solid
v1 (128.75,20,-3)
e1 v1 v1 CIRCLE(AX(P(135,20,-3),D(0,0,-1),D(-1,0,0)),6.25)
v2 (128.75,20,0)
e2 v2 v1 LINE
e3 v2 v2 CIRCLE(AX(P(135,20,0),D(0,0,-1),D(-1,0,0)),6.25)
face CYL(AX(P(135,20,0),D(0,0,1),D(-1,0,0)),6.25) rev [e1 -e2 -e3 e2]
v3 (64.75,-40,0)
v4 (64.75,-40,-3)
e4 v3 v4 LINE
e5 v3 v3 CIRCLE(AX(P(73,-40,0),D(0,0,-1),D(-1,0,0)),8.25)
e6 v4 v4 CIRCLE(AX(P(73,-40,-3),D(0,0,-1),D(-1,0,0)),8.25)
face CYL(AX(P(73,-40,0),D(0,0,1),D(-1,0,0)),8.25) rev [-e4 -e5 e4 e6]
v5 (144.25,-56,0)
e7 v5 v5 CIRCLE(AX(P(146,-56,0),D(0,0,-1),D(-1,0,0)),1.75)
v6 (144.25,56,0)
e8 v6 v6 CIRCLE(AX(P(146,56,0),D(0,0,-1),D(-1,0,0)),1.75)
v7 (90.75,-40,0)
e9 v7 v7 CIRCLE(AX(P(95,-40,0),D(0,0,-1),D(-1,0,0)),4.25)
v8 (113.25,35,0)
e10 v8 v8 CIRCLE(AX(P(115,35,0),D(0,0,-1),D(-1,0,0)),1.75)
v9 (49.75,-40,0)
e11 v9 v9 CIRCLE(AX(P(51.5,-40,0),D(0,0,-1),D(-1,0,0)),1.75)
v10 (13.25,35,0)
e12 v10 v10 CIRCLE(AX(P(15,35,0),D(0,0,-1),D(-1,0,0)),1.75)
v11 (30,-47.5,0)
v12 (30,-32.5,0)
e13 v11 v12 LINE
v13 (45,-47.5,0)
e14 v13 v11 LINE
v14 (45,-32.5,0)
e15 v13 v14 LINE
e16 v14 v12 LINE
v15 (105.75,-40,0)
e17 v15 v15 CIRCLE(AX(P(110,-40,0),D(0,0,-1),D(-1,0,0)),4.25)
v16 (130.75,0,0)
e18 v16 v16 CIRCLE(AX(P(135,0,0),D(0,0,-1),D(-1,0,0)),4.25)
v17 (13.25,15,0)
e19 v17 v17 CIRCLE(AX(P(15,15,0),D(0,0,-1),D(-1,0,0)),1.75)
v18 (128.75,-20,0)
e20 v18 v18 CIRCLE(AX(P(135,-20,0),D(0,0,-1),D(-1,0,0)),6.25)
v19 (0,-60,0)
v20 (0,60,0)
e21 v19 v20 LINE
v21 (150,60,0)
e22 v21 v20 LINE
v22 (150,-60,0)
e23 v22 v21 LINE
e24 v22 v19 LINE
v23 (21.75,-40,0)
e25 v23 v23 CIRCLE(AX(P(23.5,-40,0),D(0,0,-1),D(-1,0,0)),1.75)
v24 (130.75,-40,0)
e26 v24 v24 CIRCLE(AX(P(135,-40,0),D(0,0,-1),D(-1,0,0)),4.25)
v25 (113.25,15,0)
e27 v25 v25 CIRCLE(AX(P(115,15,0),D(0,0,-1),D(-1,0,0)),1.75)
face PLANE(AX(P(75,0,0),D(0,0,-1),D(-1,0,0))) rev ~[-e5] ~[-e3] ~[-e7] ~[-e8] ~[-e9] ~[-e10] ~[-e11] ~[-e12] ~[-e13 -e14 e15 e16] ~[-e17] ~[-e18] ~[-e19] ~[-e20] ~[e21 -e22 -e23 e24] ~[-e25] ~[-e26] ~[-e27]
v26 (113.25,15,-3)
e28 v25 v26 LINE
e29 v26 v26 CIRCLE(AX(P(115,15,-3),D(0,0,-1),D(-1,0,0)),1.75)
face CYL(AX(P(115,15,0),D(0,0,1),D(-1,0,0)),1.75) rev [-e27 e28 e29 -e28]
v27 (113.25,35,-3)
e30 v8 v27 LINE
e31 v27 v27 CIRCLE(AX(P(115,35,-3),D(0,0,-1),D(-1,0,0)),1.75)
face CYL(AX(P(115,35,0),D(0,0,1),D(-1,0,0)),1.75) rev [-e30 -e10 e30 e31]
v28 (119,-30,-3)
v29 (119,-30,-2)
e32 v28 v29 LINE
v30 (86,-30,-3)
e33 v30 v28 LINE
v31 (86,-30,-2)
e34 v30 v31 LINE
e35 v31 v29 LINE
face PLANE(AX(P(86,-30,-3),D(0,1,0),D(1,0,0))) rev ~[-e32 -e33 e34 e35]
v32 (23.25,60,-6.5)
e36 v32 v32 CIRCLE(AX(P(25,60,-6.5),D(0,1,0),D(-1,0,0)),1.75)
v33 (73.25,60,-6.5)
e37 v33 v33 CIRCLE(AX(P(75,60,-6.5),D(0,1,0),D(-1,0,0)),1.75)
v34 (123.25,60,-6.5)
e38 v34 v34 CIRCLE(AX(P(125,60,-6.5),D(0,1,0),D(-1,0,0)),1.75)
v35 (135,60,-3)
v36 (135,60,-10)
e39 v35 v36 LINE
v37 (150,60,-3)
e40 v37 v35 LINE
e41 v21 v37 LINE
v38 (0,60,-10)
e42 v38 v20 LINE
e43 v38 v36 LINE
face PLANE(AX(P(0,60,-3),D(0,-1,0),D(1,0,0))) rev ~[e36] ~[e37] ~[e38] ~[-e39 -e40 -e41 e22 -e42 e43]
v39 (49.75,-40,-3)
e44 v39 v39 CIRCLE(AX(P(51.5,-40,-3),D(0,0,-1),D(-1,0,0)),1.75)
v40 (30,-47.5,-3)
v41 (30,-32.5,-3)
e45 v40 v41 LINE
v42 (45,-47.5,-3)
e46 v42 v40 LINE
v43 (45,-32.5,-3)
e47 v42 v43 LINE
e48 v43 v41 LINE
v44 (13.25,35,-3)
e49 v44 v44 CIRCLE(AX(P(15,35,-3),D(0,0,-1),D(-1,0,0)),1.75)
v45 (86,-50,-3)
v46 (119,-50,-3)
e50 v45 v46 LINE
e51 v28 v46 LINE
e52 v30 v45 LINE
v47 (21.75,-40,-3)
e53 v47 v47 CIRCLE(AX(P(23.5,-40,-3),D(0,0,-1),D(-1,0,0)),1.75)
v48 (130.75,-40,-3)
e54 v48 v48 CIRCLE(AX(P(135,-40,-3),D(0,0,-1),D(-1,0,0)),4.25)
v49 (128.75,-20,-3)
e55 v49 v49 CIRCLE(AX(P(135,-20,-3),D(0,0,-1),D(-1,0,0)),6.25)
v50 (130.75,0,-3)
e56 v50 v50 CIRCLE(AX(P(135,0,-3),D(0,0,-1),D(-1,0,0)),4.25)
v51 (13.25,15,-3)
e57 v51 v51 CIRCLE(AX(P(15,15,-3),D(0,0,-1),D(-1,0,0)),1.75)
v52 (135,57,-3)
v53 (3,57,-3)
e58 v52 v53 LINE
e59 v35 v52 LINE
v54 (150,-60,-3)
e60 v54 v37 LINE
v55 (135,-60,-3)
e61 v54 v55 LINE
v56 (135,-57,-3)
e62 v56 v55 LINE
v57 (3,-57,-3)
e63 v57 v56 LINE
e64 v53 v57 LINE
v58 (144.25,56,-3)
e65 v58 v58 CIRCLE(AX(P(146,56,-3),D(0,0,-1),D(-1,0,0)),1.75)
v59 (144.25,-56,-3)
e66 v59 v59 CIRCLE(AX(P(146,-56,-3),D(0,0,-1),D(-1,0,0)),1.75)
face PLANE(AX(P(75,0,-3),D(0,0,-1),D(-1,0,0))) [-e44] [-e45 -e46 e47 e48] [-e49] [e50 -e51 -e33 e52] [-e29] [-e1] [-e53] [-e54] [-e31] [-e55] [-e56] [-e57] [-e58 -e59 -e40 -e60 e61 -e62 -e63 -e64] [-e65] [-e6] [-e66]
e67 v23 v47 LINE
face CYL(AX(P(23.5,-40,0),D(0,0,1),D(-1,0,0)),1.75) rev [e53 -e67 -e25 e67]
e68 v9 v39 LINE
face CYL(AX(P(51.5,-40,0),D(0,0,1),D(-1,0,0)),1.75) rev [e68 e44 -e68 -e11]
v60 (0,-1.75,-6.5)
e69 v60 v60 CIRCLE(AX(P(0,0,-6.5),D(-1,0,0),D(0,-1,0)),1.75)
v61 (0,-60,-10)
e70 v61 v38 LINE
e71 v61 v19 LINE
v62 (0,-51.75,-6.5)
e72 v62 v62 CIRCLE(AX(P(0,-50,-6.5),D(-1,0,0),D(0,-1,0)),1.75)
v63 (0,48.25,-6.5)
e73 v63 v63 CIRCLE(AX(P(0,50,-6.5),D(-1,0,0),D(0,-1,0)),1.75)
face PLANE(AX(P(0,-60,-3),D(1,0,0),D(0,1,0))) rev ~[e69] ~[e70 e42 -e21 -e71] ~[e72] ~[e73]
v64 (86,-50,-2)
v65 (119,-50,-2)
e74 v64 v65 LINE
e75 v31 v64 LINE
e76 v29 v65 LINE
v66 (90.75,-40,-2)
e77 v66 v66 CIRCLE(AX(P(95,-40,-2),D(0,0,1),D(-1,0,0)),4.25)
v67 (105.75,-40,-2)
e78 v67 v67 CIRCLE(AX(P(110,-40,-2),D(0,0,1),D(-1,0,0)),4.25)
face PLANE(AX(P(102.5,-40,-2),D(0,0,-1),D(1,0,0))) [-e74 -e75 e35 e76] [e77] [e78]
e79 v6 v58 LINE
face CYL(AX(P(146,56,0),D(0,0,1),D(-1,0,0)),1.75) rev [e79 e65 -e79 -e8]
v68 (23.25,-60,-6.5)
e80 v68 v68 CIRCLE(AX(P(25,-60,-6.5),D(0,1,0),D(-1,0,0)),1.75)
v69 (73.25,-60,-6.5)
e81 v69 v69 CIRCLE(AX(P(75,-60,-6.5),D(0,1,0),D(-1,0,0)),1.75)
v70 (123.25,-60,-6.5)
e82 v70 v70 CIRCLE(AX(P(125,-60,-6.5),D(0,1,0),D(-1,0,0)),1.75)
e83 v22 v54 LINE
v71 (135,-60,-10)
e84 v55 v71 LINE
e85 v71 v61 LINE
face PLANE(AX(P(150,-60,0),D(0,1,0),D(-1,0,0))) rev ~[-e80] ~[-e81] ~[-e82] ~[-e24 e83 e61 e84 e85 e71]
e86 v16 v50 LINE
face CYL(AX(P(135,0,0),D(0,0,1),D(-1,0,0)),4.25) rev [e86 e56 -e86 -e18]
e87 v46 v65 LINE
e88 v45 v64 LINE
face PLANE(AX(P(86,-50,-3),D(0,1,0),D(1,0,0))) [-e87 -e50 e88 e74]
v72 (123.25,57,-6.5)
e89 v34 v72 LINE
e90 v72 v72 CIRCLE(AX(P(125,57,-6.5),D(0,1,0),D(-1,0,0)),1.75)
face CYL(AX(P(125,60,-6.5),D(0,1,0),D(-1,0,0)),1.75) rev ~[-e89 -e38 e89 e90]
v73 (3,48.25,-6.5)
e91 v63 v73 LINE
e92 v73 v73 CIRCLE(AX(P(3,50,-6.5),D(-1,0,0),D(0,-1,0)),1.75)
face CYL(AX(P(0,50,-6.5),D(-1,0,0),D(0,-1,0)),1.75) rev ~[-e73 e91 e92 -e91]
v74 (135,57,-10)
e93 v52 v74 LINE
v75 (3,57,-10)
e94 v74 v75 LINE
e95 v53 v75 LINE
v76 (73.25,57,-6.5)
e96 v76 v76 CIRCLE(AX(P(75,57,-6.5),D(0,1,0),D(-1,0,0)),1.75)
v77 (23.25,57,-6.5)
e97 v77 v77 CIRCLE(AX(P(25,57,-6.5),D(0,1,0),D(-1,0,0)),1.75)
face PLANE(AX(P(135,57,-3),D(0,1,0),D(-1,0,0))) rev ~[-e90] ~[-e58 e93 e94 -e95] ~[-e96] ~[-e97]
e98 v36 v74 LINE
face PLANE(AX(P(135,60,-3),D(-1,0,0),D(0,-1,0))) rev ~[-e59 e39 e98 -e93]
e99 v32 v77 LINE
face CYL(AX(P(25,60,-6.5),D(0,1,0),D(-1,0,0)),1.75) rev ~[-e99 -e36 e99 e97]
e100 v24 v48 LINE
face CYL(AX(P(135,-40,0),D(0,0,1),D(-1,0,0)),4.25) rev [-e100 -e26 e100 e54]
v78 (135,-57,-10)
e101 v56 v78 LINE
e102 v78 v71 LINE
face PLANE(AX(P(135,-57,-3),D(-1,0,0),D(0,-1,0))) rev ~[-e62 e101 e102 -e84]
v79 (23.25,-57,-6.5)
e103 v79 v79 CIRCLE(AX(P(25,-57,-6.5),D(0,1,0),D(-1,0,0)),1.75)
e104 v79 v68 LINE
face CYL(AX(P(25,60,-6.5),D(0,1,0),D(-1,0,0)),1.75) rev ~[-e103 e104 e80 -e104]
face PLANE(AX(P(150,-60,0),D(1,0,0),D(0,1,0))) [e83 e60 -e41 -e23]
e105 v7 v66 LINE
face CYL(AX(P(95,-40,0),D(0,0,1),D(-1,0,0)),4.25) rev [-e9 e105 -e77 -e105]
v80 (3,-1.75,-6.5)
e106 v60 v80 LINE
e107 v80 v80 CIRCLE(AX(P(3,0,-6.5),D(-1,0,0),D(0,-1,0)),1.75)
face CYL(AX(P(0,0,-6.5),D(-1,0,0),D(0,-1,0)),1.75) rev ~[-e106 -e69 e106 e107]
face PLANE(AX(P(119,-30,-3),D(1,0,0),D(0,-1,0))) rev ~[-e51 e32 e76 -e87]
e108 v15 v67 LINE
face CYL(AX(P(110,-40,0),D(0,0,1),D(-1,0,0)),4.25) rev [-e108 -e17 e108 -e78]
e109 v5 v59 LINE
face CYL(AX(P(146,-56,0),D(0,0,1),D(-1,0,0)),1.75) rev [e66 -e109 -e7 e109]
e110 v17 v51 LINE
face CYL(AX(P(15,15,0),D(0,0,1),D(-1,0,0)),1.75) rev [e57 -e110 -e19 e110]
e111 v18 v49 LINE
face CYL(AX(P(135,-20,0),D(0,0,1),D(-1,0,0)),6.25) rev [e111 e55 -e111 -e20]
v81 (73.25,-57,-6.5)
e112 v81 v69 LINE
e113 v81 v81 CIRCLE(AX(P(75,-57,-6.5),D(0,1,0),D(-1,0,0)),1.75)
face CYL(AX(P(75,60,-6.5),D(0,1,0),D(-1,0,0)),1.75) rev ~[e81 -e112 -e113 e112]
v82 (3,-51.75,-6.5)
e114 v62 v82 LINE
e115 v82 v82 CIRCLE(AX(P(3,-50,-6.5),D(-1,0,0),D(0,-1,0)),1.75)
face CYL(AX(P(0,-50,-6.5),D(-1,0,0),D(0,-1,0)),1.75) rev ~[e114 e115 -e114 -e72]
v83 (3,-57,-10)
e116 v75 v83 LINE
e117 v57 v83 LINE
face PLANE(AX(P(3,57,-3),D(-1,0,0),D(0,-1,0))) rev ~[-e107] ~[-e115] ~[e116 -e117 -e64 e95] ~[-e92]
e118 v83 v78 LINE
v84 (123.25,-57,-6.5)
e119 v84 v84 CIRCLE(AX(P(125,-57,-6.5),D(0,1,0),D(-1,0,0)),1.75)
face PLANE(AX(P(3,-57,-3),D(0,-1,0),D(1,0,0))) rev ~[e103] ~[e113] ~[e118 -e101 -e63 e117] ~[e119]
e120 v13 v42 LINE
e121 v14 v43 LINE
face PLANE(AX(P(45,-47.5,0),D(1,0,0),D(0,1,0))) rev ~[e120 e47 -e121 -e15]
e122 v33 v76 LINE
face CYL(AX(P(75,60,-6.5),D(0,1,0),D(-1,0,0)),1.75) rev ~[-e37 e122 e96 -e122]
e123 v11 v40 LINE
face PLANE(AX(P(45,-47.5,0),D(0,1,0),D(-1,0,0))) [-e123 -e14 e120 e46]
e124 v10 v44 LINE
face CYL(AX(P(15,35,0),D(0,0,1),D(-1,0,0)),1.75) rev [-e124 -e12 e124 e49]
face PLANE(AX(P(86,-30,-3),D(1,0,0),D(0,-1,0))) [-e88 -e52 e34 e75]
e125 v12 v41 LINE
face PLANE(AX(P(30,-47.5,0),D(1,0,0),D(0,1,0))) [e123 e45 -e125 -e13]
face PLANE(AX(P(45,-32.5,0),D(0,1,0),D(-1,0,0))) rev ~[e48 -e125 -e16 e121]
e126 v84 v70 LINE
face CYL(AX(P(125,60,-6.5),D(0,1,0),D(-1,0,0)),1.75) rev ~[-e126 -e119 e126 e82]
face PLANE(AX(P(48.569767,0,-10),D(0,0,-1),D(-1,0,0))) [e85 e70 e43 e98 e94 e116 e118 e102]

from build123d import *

# Parameters (mm, degrees)
COPYSKETCH010_W   = 150
COPYSKETCH010_H   = 120
COPYSKETCH010_R   = 1.75
COPYSKETCH010_R_2 = 4.25
COPYSKETCH010_R_3 = 6.25
COPYSKETCH010_R_4 = 8.25
COPYSKETCH010_W_2 = 15
COPYSKETCH010_H_2 = 15
PAD_DEPTH         = 3
PAD001_DEPTH      = 7
SKETCH001_R       = 1.75
POCKET_DEPTH      = 225.01
SKETCH002_R       = 1.75
POCKET001_DEPTH   = 5.01
SKETCH003_W       = 33
SKETCH003_H       = 20
POCKET002_DEPTH   = 1


with BuildPart() as part:
    # CopySketch010 → Pad (new body)
    with BuildSketch(Plane(origin=(0, 0, 0), x_dir=(-1, 0, 0), z_dir=(0, 0, -1))):
        with Locations((-75, 0)):
            Rectangle(COPYSKETCH010_W, COPYSKETCH010_H)
        with Locations((-146, 56)):
            Circle(COPYSKETCH010_R, mode=Mode.SUBTRACT)
        with Locations((-146, -56)):
            Circle(COPYSKETCH010_R, mode=Mode.SUBTRACT)
        with Locations((-110, -40)):
            Circle(COPYSKETCH010_R_2, mode=Mode.SUBTRACT)
        with Locations((-95, -40)):
            Circle(COPYSKETCH010_R_2, mode=Mode.SUBTRACT)
        with Locations((-51.5, -40)):
            Circle(COPYSKETCH010_R, mode=Mode.SUBTRACT)
        with Locations((-23.5, -40)):
            Circle(COPYSKETCH010_R, mode=Mode.SUBTRACT)
        with Locations((-135, -40)):
            Circle(COPYSKETCH010_R_2, mode=Mode.SUBTRACT)
        with Locations((-135, -20)):
            Circle(COPYSKETCH010_R_3, mode=Mode.SUBTRACT)
        with Locations((-73, -40)):
            Circle(COPYSKETCH010_R_4, mode=Mode.SUBTRACT)
        with Locations((-135, 0)):
            Circle(COPYSKETCH010_R_2, mode=Mode.SUBTRACT)
        with Locations((-135, 20)):
            Circle(COPYSKETCH010_R_3, mode=Mode.SUBTRACT)
        with Locations((-115, 35)):
            Circle(COPYSKETCH010_R, mode=Mode.SUBTRACT)
        with Locations((-115, 15)):
            Circle(COPYSKETCH010_R, mode=Mode.SUBTRACT)
        with Locations((-15, 35)):
            Circle(COPYSKETCH010_R, mode=Mode.SUBTRACT)
        with Locations((-15, 15)):
            Circle(COPYSKETCH010_R, mode=Mode.SUBTRACT)
        with Locations((-37.5, -40)):
            Rectangle(COPYSKETCH010_W_2, COPYSKETCH010_H_2, mode=Mode.SUBTRACT)
    extrude(amount=PAD_DEPTH)

    # Sketch (on DatumPlane) → Pad001 (join)
    with BuildSketch(Plane.XY.offset(-3)):
        Polygon((135, 60), (135, 57), (3, 57), (3, -57), (135, -57), (135, -60), (0, -60), (0, 60), align=None)
    extrude(amount=-PAD001_DEPTH)

    # Sketch001 (on Face6 of Pad001) → Pocket (cut)
    with BuildSketch(Plane(origin=(0, 60, 0), x_dir=(-1, 0, 0), z_dir=(0, 1, 0))):
        with Locations((-25, -6.5)):
            Circle(SKETCH001_R)
        with Locations((-125, -6.5)):
            Circle(SKETCH001_R)
        with Locations((-75, -6.5)):
            Circle(SKETCH001_R)
    extrude(amount=-POCKET_DEPTH, mode=Mode.SUBTRACT)

    # Sketch002 (on Face8 of Pocket) → Pocket001 (cut)
    with BuildSketch(Plane(origin=(0, 0, 0), x_dir=(0, -1, 0), z_dir=(-1, 0, 0))):
        with Locations((50, -6.5)):
            Circle(SKETCH002_R)
        with Locations((-50, -6.5)):
            Circle(SKETCH002_R)
        with Locations((0, -6.5)):
            Circle(SKETCH002_R)
    extrude(amount=-POCKET001_DEPTH, mode=Mode.SUBTRACT)

    # Sketch003 (on Face5 of Pocket001) → Pocket002 (cut)
    with BuildSketch(Plane(origin=(0, 0, -3), x_dir=(1, 0, 0), z_dir=(0, 0, -1))):
        with Locations((102.5, 40)):
            Rectangle(SKETCH003_W, SKETCH003_H)
    extrude(amount=-POCKET002_DEPTH, mode=Mode.SUBTRACT)


solid = part.part
